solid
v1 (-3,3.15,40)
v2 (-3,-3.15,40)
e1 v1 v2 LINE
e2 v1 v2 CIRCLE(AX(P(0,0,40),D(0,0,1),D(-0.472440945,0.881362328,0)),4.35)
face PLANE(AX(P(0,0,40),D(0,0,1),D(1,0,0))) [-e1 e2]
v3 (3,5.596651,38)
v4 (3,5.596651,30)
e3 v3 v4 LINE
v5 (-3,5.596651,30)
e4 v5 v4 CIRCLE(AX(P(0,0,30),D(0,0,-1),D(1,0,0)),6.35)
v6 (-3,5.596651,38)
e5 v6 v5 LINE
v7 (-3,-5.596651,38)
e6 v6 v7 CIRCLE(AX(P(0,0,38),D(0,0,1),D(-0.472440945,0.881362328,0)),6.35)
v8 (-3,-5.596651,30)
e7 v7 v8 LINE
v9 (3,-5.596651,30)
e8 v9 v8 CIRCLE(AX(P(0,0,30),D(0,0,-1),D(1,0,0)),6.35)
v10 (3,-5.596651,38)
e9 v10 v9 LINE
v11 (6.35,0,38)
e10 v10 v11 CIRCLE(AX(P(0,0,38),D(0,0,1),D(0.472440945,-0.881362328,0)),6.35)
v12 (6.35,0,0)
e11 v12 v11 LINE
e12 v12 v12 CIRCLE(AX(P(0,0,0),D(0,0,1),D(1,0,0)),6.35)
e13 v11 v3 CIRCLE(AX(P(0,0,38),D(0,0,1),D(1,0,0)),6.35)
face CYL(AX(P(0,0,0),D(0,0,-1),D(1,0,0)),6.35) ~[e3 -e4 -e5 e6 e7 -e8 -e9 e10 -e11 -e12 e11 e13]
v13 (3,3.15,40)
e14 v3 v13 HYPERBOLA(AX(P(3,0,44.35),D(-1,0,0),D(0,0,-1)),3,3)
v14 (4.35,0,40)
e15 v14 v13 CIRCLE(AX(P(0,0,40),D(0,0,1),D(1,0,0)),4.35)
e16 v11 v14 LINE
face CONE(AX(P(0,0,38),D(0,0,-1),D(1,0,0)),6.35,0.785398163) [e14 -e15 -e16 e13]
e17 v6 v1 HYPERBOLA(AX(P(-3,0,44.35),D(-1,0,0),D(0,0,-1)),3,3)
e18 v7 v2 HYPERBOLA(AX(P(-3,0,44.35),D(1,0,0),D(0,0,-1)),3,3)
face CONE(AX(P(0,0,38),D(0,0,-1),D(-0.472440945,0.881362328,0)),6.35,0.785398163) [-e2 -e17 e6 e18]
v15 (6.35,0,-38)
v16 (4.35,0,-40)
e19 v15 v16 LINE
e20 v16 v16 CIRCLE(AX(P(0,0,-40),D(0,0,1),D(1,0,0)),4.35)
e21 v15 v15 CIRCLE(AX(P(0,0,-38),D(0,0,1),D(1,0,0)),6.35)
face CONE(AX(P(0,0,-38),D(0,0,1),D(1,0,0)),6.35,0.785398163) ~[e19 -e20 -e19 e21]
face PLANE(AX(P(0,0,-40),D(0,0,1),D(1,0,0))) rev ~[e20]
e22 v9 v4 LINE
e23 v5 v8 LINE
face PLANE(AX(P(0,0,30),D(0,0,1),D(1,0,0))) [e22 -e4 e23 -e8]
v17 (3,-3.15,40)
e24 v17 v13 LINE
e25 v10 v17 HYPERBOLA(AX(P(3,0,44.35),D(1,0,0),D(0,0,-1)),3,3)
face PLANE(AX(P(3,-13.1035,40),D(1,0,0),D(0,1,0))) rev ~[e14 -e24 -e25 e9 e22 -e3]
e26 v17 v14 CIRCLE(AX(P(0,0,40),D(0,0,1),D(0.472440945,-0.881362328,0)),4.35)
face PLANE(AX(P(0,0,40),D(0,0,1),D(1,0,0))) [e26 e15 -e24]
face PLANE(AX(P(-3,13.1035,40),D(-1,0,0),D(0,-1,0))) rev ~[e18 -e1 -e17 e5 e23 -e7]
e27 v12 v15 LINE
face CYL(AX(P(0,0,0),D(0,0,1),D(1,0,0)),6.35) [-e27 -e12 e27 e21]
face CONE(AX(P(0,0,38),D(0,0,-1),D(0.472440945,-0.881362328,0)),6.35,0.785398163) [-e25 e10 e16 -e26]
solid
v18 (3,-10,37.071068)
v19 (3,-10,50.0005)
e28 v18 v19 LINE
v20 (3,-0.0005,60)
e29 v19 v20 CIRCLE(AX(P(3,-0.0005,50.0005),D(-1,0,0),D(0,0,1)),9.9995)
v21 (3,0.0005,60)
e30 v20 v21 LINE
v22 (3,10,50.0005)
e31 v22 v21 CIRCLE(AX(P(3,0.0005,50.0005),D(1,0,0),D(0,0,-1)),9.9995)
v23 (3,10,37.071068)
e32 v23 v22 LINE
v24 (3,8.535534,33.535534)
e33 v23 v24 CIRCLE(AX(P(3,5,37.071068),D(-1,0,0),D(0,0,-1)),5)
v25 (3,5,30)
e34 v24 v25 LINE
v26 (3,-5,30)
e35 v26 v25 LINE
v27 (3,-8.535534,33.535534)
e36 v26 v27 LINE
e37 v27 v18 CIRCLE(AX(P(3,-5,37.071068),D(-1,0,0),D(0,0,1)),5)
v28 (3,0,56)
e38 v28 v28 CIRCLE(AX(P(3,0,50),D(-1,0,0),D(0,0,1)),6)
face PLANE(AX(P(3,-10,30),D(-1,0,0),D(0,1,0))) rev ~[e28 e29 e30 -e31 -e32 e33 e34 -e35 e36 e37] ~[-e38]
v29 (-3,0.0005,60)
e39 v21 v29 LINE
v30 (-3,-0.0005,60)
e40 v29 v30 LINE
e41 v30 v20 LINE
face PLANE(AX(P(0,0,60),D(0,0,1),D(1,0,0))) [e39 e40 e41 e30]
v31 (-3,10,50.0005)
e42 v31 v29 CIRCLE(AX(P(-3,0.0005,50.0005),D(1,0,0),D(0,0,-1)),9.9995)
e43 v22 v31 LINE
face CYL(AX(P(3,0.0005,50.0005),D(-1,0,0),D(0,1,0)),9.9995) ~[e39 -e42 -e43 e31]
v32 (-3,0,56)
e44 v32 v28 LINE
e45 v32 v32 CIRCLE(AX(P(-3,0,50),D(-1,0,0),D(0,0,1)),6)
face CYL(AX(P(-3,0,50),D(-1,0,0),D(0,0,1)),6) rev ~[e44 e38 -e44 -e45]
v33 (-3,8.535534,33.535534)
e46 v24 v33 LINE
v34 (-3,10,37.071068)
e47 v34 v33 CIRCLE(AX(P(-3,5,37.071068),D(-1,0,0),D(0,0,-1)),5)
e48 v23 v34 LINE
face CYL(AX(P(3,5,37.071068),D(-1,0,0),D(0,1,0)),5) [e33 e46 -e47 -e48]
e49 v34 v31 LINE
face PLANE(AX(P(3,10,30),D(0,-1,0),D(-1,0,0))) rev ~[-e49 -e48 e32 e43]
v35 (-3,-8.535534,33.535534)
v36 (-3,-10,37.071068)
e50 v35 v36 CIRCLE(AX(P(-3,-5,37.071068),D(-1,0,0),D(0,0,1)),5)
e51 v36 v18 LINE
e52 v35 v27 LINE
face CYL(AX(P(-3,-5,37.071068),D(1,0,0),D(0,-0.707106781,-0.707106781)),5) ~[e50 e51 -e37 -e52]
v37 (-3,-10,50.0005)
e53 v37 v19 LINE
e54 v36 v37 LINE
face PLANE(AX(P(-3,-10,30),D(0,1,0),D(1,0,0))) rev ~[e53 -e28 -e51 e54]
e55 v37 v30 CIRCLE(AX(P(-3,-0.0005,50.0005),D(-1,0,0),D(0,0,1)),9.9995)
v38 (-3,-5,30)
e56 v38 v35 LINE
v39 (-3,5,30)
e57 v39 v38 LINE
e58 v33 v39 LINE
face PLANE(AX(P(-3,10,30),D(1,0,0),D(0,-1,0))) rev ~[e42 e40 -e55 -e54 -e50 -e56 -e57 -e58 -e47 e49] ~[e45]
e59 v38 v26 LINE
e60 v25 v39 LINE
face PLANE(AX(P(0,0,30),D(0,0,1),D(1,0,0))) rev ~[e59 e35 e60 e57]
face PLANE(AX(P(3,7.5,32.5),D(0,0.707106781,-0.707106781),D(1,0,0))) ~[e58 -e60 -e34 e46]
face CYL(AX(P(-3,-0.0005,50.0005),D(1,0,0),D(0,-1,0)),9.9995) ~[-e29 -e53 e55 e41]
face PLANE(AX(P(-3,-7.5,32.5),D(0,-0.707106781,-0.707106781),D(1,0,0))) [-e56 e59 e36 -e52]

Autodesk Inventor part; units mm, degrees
ref_plane "YZ Plane" through (0, 0, 0) normal (1, 0, 0) x (0, 1, 0)
ref_plane "XZ Plane" through (0, 0, 0) normal (0, 1, 0) x (-1, 0, 0)
ref_plane "XY Plane" through (0, 0, 0) normal (0, 0, 1) x (1, 0, 0)
sketch "Sketch1" plane through (0, 0, 0) normal (0, 0, 1) x (1, 0, 0)
  circle A0 centre (0, 0) radius 6.35
  dimension "d0" = 12.7
extrude "Extrusion1" add sketch "Sketch1" along normal mid plane 80
sketch "Sketch2" plane through (0, 0, 40) normal (0, 0, 1) x (1, 0, 0)
  line L0 (-3, -13.1035) -> (3, -13.1035)
  line L1 (3, -13.1035) -> (3, 13.1035)
  line L2 (3, 13.1035) -> (-3, 13.1035)
  line L3 (-3, 13.1035) -> (-3, -13.1035)
  line L4 (-3, -13.1035) -> (3, 13.1035) construction
  line L5 (3, -13.1035) -> (-3, 13.1035) construction
  point P0 (0, 0)
  dimension "d3" = 6
extrude "Extrusion2" cut sketch "Sketch2" against normal blind 10
sketch "Sketch3" plane through (0, 0, 30) normal (0, 0, 1) x (1, 0, 0)
  line L0 (-3, -10) -> (3, -10)
  line L1 (3, -10) -> (3, 10)
  line L2 (3, 10) -> (-3, 10)
  line L3 (-3, 10) -> (-3, -10)
  line L4 (-3, -10) -> (3, 10) construction
  line L5 (3, -10) -> (-3, 10) construction
  point P0 (0, 0)
  dimension "d6" = 6
  dimension "d7" = 20
extrude "Extrusion3" add sketch "Sketch3" along normal blind 30 separate body
fillet "Fillet1" radius 10 2 edges at (0, 10, 60) (0, -10, 60)
thread "Thread1" size "1/2-13 UNC" class "2A" standard "ANSI Unified Screw Threads" full length
chamfer "Chamfer1" distance 2 angle 45 1 edges at (-6.35, 0, -40)
sketch "Sketch5" plane through (-3, -10, 30) normal (-1, 0, 0) x (0, 0, 1)
  arc A0 (20, 0) -> (20, 20) centre (20, 10) ccw projected
  line L0 (0, 20) -> (20, 20) projected
  line L1 (0, 20) -> (0, 0) projected
  line L2 (0, 0) -> (20, 0) projected
  circle A1 centre (20, 10) radius 6
  point P0 (-30, 10)
  dimension "d20" = 12
extrude "Extrusion5" cut sketch "Sketch5" against normal through all contours A1 bodies 2
chamfer "Chamfer2" distance 2 angle 45 3 edges at (-6.35, 0, 40) (5.4485, -3.2613, 40) (5.4485, 3.2613, 40)
chamfer "Chamfer3" distance 5 angle 45 2 edges at (0, -10, 30) (0, 10, 30)
fillet "Fillet2" radius 5 2 edges at (0, -10, 35) (0, 10, 35)
properties part number "FRC220-1S"
